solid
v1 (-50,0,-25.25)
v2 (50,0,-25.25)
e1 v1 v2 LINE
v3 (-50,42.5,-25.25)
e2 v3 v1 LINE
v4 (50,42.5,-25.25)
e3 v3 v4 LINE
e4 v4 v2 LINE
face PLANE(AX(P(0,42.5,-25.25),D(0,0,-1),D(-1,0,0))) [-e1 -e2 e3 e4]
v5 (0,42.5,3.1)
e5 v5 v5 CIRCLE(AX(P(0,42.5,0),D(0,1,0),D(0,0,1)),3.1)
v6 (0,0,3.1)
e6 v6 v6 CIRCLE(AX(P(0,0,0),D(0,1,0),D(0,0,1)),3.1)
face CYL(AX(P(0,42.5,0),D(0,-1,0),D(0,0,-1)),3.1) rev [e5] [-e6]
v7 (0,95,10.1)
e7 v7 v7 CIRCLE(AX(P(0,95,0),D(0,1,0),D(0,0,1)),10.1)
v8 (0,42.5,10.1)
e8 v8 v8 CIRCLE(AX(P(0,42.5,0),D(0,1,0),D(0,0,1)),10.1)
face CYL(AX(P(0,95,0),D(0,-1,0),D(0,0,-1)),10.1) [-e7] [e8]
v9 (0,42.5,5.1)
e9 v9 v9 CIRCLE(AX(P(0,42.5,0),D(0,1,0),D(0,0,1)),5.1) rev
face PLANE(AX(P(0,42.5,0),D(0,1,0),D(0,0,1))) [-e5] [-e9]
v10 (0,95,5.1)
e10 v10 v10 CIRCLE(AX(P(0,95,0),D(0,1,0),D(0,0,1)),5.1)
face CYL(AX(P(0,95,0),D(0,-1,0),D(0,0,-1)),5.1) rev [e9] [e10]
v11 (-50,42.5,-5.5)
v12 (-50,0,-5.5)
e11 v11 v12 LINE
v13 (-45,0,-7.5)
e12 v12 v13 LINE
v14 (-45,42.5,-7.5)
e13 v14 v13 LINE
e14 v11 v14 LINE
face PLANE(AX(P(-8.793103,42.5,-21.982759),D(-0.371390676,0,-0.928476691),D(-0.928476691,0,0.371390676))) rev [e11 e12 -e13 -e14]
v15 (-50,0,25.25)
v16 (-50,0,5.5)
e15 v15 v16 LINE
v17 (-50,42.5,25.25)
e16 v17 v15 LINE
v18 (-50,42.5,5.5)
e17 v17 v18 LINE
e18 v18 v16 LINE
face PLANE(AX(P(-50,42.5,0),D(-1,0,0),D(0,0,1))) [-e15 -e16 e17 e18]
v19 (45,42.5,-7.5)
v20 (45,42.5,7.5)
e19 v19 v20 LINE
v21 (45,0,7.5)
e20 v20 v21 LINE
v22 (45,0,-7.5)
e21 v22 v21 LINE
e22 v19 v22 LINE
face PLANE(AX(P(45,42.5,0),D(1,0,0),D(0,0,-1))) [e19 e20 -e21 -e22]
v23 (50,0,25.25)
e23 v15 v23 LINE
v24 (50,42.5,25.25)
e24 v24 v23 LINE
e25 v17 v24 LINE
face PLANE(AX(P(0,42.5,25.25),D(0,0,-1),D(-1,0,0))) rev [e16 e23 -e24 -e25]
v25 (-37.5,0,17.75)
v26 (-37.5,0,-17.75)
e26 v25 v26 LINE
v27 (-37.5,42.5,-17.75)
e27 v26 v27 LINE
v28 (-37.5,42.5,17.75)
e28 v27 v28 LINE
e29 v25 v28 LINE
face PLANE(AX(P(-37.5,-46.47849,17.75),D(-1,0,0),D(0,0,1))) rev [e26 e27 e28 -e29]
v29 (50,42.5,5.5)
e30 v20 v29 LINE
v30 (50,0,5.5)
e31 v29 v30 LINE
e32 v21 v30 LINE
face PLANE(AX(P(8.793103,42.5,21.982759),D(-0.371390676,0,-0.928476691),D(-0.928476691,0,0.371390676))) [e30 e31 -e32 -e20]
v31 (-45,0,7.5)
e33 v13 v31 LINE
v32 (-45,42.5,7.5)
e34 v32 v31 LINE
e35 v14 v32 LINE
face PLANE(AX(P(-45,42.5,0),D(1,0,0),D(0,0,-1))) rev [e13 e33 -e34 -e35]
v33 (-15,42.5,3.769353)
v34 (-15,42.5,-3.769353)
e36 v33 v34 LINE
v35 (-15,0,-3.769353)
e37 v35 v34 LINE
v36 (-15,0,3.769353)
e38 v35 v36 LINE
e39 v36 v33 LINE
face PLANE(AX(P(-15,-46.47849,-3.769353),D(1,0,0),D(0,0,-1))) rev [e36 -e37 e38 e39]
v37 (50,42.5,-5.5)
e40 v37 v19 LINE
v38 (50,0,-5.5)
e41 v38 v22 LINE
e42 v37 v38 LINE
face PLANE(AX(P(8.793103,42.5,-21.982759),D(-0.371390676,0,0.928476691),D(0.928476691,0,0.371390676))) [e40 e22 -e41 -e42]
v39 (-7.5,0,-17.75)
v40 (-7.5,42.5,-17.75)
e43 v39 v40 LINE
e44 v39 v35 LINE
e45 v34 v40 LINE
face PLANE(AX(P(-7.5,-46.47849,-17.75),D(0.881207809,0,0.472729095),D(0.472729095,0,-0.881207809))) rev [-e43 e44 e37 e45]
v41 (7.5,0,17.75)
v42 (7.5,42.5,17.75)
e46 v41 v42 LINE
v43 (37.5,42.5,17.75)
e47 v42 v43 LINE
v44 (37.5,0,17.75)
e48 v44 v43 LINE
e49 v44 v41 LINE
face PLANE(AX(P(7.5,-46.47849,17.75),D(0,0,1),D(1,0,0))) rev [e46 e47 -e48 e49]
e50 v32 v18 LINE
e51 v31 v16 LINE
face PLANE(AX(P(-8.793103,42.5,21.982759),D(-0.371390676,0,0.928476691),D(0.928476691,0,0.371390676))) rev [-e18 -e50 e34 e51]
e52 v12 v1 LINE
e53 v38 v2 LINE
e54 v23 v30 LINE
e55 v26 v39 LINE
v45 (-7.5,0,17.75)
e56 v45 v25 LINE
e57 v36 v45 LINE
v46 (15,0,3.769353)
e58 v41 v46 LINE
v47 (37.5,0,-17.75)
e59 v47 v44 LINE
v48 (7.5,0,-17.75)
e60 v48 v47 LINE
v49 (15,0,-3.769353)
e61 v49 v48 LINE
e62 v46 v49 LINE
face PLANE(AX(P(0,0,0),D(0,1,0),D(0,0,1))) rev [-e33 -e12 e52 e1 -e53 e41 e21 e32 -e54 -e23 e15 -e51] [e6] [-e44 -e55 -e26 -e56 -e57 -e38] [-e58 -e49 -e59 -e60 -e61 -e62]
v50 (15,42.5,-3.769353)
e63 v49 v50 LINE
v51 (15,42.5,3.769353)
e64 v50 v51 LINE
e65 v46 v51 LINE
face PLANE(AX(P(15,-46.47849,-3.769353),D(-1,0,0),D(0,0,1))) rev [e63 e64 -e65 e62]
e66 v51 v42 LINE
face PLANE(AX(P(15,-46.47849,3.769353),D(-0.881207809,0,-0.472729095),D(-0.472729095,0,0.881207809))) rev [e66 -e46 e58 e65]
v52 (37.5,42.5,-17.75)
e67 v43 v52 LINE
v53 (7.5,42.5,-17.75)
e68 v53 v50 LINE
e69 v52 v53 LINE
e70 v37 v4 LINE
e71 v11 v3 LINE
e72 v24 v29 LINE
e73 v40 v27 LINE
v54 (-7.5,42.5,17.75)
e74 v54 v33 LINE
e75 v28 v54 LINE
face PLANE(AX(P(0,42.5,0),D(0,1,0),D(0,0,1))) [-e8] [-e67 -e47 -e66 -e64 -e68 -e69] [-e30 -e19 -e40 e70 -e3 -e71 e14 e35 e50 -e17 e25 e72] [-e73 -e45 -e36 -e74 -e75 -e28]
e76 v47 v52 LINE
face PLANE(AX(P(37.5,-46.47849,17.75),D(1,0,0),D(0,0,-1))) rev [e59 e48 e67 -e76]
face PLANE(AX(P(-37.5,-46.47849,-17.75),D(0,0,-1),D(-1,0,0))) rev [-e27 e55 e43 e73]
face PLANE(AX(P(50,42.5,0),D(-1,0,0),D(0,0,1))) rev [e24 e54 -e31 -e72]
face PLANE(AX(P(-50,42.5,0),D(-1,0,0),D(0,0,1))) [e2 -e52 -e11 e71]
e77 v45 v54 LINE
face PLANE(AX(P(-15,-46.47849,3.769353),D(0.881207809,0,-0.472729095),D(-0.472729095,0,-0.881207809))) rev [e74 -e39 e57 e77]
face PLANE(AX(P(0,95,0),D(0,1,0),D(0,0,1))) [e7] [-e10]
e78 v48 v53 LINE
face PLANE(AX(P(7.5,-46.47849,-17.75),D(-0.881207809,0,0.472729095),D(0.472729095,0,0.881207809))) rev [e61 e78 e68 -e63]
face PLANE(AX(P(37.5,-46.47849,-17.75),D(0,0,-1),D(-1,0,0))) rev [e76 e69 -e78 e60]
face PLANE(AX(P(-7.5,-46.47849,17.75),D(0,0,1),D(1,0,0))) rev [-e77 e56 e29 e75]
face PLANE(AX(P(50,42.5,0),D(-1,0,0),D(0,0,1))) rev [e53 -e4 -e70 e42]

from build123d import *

# Parameters (mm, degrees)
SKETCH1_R           = 3.1
BOSS_EXTRUDE1_DEPTH = 42.5
SKETCH2_R           = 10.1
SKETCH2_R_2         = 5.1
BOSS_EXTRUDE2_DEPTH = 52.5
CUT_EXTRUDE1_DEPTH  = 42.5


with BuildPart() as part:
    # Sketch1 → Boss-Extrude1 (new body)
    with BuildSketch(Plane(origin=(0, 0, 0), x_dir=(1, 0, 0), z_dir=(0, 1, 0))):
        Polygon((-50, 25.25), (-50, 5.5), (-45, 7.5), (-45, -7.5), (-50, -5.5), (-50, -25.25), (50, -25.25), (50, -5.5), (45, -7.5), (45, 7.5), (50, 5.5), (50, 25.25), align=None)
        with Locations(Location((0, 0, 0), (0, 0, 270))):
            Circle(SKETCH1_R, mode=Mode.SUBTRACT)
    extrude(amount=BOSS_EXTRUDE1_DEPTH)

    # Sketch2 → Boss-Extrude2 (add)
    with BuildSketch(Plane(origin=(0, 42.5, 0), x_dir=(1, 0, 0), z_dir=(0, 1, 0))):
        with Locations(Location((0, 0, 0), (0, 0, 270))):
            Circle(SKETCH2_R)
        with Locations(Location((0, 0, 0), (0, 0, 270))):
            Circle(SKETCH2_R_2, mode=Mode.SUBTRACT)
    extrude(amount=BOSS_EXTRUDE2_DEPTH)

    # Sketch3 → Cut-Extrude1 (cut)
    with BuildSketch(Plane(origin=(0, 42.5, 0), x_dir=(1, 0, 0), z_dir=(0, 1, 0))):
        Polygon((-37.5, -17.75), (-37.5, 17.75), (-7.5, 17.75), (-15, 3.769353064), (-15, -3.769353064), (-7.5, -17.75), align=None)
        Polygon((15, -3.769353064), (7.5, -17.75), (37.5, -17.75), (37.5, 17.75), (7.5, 17.75), (15, 3.769353064), align=None)
    extrude(amount=-CUT_EXTRUDE1_DEPTH, mode=Mode.SUBTRACT)


solid = part.part
